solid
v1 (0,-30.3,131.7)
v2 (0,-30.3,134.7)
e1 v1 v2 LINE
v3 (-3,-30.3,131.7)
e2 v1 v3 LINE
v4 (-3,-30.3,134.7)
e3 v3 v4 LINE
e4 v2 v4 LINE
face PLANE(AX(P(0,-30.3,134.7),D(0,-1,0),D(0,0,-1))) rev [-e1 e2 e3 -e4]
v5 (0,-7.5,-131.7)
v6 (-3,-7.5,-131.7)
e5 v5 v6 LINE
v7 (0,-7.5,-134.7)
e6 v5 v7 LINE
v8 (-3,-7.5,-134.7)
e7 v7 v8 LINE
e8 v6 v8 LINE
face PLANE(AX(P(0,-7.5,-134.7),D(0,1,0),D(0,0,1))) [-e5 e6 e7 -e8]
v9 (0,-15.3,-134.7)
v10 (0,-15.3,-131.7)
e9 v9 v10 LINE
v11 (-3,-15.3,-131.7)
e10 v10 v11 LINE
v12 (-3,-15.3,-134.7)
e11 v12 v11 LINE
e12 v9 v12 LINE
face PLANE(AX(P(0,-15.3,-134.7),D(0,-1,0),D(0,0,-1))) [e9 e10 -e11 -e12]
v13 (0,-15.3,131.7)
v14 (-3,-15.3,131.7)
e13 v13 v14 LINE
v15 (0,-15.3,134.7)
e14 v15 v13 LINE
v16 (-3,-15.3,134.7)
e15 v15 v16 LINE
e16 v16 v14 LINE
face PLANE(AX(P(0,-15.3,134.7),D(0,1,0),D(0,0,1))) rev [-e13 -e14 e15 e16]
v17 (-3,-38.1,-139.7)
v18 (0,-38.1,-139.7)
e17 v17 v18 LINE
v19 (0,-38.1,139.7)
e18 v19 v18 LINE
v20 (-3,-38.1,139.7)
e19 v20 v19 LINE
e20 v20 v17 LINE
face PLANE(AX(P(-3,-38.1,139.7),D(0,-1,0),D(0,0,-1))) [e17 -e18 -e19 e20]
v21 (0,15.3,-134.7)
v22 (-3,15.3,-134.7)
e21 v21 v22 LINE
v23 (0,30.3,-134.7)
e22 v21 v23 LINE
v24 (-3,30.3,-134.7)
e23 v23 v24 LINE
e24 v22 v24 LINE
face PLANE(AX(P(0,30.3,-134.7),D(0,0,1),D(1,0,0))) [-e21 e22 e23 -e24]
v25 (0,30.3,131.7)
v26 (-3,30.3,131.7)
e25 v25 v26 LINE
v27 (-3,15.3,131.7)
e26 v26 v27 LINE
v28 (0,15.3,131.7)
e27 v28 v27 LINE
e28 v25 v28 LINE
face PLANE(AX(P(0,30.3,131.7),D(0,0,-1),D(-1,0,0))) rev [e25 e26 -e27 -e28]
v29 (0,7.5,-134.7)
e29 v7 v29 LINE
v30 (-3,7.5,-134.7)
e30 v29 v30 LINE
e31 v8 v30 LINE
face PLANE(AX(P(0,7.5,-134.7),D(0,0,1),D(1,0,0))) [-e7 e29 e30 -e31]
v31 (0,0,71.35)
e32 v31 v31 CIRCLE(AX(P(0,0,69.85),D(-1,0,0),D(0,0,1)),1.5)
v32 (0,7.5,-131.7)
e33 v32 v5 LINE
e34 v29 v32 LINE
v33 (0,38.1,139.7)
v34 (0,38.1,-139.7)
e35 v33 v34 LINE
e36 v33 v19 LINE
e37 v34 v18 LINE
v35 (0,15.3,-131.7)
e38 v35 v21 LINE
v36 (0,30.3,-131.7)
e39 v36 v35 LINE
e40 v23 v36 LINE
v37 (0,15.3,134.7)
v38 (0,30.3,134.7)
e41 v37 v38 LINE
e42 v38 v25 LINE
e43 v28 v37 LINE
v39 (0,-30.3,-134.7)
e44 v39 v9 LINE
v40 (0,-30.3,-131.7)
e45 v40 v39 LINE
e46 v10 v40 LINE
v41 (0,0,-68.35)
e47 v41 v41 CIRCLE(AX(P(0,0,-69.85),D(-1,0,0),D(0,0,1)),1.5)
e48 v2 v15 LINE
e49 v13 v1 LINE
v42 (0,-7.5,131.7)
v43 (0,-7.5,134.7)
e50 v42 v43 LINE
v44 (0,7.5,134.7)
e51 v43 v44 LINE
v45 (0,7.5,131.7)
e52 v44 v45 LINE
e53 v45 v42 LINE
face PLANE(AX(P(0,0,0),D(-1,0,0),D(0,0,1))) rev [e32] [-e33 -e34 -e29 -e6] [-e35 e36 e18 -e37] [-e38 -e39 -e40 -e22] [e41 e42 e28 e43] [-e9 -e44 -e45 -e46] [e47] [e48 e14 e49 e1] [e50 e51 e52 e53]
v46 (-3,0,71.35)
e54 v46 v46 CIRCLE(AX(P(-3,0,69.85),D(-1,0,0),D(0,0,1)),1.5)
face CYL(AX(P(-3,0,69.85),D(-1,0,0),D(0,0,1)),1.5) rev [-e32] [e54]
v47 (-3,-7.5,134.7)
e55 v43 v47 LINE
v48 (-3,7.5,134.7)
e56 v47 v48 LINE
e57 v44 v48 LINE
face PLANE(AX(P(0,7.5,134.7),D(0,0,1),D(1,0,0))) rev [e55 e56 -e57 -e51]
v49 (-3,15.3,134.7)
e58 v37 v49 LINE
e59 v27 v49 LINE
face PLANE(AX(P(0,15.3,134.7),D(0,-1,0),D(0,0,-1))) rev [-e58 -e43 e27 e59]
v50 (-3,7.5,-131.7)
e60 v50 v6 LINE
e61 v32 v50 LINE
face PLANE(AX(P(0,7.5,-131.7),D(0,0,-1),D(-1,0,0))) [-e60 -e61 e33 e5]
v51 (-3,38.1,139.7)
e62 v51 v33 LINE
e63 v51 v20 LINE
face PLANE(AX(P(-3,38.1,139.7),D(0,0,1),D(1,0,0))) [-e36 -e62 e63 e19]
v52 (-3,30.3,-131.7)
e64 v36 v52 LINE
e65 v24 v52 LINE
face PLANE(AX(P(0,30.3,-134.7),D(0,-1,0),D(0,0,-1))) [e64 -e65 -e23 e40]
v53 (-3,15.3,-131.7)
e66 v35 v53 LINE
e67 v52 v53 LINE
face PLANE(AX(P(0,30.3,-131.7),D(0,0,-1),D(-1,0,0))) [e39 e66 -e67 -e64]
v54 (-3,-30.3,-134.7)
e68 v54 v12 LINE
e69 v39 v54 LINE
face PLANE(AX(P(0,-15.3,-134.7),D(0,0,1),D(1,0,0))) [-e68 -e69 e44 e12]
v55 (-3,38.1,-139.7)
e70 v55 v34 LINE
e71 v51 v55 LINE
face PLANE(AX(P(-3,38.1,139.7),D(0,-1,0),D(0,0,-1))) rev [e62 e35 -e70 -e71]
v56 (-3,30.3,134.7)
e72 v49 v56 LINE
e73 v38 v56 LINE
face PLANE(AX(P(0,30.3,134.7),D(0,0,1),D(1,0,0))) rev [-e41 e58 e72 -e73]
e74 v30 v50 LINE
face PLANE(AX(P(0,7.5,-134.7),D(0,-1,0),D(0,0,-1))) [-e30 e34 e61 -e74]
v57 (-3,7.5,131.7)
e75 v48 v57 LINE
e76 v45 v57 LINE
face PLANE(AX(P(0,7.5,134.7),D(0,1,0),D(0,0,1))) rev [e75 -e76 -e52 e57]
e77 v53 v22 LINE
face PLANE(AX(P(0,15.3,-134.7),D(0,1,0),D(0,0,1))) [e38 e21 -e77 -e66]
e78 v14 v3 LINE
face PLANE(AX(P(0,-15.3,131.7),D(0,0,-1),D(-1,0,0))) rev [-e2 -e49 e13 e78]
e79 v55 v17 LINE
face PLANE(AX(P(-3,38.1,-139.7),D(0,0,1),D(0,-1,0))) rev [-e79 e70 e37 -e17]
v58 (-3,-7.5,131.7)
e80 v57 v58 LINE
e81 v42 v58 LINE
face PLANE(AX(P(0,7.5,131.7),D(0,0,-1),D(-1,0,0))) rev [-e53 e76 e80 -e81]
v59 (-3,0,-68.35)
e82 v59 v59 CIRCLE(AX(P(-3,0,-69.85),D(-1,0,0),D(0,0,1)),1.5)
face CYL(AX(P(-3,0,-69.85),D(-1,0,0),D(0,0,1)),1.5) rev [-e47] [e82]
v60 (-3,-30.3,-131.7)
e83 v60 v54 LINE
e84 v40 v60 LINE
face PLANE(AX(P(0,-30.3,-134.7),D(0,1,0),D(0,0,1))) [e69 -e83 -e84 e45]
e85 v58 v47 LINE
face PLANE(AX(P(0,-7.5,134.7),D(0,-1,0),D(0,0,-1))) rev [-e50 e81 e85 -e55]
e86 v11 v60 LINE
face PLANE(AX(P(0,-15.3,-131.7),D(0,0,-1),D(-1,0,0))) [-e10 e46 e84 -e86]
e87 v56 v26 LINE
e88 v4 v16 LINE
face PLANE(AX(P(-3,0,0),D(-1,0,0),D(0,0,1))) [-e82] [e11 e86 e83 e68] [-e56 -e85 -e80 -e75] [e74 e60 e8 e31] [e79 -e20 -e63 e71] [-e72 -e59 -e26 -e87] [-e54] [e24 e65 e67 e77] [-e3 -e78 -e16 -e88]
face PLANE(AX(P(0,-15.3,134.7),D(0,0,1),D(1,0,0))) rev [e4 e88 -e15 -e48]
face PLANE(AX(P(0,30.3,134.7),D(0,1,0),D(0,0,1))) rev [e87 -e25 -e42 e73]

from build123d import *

# Parameters (mm, degrees)
SKETCH1_W                       = 279.4
SKETCH1_H                       = 76.2
BOSS_EXTRUDE1_DEPTH             = 3
SKETCH3_W                       = 3
SKETCH3_H                       = 15
CUT_EXTRUDE1_DEPTH              = 145.833352512
LPATTERN1_COUNT                 = 3
LPATTERN1_PITCH                 = 22.8
MIRROR1_COPY_1_SKETCH_W         = 3
MIRROR1_COPY_1_SKETCH_H         = 15
MIRROR1_COPY_1_DEPTH            = 145.833352512
MIRROR1_COPY_2_SKETCH_W         = 3
MIRROR1_COPY_2_SKETCH_H         = 15
MIRROR1_COPY_2_DEPTH            = 145.833352512
F_3_0MM_CLEARANCE_DOWEL_HOLE1_D = 3


with BuildPart() as part:
    # Sketch1 → Boss-Extrude1 (new body)
    with BuildSketch(Plane(origin=(0, 0, 0), x_dir=(0, 0, -1), z_dir=(1, 0, 0))):
        Rectangle(SKETCH1_W, SKETCH1_H)
    extrude(amount=-BOSS_EXTRUDE1_DEPTH)

    # Sketch3 → Cut-Extrude1 (cut, through all)
    with BuildSketch(Plane.ZY.offset(3)):
        with Locations((133.2, 22.8)):
            Rectangle(SKETCH3_W, SKETCH3_H)
    cut_extrude1 = extrude(amount=-CUT_EXTRUDE1_DEPTH, mode=Mode.SUBTRACT)

    # LPattern1: Cut-Extrude1 ×3
    with Locations(*[(0, -i * LPATTERN1_PITCH, 0) for i in range(1, LPATTERN1_COUNT)]):
        add(cut_extrude1, mode=Mode.SUBTRACT)

    # Mirror1: Cut-Extrude1 across plane
    add(cut_extrude1.mirror(Plane.XY), mode=Mode.SUBTRACT)

    # Mirror1 copy 1 sketch → Mirror1 copy 1 (cut, through all)
    with BuildSketch(Plane(origin=(-3, -22.8, 0), x_dir=(0, 0, -1), z_dir=(-1, 0, 0))):
        with Locations((133.2, -22.8)):
            Rectangle(MIRROR1_COPY_1_SKETCH_W, MIRROR1_COPY_1_SKETCH_H)
    extrude(amount=-MIRROR1_COPY_1_DEPTH, mode=Mode.SUBTRACT)

    # Mirror1 copy 2 sketch → Mirror1 copy 2 (cut, through all)
    with BuildSketch(Plane(origin=(-3, -45.6, 0), x_dir=(0, 0, -1), z_dir=(-1, 0, 0))):
        with Locations((133.2, -22.8)):
            Rectangle(MIRROR1_COPY_2_SKETCH_W, MIRROR1_COPY_2_SKETCH_H)
    extrude(amount=-MIRROR1_COPY_2_DEPTH, mode=Mode.SUBTRACT)

    # Ø3.0mm Clearance Dowel Hole1 (through all)
    with Locations(Plane.ZY.offset(3)):
        with Locations((-69.85, 0), (69.85, 0)):
            Hole(F_3_0MM_CLEARANCE_DOWEL_HOLE1_D / 2)


solid = part.part
